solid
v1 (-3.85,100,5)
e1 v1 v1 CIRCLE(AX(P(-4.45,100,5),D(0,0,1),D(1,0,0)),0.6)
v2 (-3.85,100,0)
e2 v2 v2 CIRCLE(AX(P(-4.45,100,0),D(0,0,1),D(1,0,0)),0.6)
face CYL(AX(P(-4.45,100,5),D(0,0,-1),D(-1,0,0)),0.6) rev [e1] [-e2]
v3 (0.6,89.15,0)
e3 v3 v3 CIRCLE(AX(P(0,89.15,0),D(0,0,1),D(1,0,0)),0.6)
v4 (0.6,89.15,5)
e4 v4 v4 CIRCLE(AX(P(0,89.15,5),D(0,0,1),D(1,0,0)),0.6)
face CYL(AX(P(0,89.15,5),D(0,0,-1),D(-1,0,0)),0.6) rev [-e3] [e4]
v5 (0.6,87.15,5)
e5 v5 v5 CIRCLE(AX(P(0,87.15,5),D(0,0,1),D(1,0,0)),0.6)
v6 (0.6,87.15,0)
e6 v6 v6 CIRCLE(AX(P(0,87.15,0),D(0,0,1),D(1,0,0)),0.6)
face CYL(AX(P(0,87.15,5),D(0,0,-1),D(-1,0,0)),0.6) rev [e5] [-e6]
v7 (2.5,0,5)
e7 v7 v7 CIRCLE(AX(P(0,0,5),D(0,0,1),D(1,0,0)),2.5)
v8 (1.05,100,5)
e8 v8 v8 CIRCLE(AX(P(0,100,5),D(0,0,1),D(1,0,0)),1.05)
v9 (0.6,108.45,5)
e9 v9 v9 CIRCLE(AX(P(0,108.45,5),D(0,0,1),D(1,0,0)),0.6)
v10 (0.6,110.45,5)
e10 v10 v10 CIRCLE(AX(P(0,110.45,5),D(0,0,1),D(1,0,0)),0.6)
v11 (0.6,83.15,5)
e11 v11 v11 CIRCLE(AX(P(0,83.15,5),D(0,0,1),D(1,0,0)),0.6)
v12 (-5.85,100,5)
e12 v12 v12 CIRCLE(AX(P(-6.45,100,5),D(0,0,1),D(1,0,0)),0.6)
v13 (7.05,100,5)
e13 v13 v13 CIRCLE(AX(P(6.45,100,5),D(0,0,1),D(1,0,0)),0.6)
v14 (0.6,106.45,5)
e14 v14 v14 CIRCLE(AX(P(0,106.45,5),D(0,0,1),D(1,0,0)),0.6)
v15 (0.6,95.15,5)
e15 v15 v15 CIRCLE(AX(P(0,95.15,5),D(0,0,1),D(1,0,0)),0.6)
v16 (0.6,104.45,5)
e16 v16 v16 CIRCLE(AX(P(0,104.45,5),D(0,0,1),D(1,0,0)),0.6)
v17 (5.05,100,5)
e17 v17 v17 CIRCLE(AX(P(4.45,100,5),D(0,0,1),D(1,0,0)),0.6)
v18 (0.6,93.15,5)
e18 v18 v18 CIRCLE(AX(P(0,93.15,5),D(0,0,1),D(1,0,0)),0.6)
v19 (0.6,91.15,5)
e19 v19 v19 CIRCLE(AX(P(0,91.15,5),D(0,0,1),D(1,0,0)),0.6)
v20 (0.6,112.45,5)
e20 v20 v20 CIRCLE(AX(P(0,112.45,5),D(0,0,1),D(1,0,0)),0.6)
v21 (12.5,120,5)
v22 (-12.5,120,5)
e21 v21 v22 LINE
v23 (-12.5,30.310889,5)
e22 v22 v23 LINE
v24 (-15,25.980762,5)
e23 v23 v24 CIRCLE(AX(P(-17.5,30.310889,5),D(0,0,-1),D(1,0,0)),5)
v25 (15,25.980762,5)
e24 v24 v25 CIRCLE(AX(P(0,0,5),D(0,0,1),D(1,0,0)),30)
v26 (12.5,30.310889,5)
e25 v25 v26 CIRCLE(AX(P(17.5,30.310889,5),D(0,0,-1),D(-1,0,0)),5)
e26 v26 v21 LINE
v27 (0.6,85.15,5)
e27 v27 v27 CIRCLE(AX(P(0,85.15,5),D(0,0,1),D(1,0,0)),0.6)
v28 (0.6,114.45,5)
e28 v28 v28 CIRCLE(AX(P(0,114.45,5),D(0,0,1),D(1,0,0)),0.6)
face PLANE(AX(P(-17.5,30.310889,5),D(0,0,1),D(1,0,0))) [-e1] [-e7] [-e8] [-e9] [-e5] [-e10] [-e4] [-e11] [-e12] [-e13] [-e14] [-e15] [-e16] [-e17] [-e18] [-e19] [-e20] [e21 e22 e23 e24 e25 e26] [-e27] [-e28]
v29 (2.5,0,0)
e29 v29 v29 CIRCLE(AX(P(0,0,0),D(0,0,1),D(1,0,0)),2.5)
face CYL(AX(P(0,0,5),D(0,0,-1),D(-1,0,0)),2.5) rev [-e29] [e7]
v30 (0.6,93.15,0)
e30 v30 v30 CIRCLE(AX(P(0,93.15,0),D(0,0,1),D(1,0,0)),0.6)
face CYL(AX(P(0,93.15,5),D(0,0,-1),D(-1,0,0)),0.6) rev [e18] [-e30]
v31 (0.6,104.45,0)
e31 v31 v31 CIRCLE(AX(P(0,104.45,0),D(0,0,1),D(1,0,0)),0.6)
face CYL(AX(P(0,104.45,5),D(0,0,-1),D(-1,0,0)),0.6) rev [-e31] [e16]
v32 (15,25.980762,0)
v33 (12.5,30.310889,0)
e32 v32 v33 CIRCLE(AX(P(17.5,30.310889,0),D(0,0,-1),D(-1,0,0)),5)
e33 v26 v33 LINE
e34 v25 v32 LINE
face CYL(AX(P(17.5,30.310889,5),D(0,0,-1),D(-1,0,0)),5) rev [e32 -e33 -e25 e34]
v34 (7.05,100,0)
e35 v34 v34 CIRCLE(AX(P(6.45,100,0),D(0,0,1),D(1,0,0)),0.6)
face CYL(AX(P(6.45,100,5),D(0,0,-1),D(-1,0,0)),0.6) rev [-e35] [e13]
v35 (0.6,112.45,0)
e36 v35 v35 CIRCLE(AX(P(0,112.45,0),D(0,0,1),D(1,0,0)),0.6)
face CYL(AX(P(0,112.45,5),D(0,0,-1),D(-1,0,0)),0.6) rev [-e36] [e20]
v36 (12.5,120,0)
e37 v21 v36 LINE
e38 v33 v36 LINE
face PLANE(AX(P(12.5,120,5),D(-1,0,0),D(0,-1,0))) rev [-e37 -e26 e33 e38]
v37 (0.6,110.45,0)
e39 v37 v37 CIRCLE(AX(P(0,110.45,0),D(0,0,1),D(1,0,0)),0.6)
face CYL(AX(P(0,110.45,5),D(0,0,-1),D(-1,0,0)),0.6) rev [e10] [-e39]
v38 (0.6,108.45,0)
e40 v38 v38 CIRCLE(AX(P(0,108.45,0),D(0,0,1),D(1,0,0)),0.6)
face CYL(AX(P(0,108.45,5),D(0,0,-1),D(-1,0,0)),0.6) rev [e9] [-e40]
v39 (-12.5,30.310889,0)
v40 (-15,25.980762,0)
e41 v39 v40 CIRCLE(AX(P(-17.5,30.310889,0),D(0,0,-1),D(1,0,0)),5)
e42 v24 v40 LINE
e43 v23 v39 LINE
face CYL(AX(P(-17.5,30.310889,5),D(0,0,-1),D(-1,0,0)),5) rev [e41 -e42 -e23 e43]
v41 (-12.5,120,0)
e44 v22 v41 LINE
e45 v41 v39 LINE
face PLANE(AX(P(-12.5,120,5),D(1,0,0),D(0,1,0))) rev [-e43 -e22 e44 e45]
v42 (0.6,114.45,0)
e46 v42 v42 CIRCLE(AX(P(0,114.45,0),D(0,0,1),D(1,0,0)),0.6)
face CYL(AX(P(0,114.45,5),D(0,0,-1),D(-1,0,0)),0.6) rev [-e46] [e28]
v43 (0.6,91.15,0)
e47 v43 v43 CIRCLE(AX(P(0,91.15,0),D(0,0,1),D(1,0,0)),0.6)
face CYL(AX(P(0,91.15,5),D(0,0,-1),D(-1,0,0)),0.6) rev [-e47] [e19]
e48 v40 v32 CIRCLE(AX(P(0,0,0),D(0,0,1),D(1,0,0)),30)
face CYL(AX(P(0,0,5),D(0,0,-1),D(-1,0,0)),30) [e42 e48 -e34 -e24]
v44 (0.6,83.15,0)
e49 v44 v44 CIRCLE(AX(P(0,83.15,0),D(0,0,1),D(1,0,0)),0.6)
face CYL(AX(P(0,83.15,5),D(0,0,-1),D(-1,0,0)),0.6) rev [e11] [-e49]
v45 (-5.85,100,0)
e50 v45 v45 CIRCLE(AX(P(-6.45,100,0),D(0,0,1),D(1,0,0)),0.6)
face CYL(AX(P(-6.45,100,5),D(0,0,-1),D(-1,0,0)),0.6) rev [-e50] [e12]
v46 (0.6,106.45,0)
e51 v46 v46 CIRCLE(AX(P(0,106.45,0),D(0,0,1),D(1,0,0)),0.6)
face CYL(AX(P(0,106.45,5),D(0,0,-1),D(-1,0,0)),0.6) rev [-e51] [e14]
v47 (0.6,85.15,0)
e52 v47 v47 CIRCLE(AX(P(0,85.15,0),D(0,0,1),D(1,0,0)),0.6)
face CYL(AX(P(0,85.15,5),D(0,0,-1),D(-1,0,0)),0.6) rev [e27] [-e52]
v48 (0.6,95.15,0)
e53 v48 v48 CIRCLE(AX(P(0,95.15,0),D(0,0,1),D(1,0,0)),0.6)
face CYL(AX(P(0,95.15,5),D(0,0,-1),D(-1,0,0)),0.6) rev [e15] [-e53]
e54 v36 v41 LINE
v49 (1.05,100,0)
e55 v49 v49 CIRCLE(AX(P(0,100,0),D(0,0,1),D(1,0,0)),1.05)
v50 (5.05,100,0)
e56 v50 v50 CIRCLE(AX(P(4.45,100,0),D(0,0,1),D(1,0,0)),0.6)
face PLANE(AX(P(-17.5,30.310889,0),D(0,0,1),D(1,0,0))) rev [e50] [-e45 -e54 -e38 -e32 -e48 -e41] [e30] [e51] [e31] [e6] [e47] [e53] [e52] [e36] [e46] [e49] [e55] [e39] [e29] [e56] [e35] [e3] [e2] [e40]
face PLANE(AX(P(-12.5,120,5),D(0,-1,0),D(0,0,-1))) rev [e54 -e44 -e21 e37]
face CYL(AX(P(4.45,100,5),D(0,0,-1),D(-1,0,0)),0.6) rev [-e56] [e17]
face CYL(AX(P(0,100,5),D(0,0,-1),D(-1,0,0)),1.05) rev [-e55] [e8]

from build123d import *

# Parameters (mm, degrees)
SKETCH1_R           = 1.05
SKETCH1_R_2         = 0.6
SKETCH1_R_3         = 2.5
BOSS_EXTRUDE1_DEPTH = 5


with BuildPart() as part:
    # Sketch1 → Boss-Extrude1 (new body)
    with BuildSketch(Plane.XY):
        with BuildLine():
            Line((-12.5, 120), (12.5, 120))
            Line((12.5, 120), (12.5, 30.310889132))
            ThreePointArc((12.5, 30.310889132), (13.169872981, 27.810889132), (15, 25.980762114))
            ThreePointArc((15, 25.980762114), (0, -30), (-15, 25.980762114))
            ThreePointArc((-15, 25.980762114), (-13.169872981, 27.810889132), (-12.5, 30.310889132))
            Line((-12.5, 30.310889132), (-12.5, 120))
        make_face()
        with Locations((0, 100)):
            Circle(SKETCH1_R, mode=Mode.SUBTRACT)
        with Locations((0, 95.15)):
            Circle(SKETCH1_R_2, mode=Mode.SUBTRACT)
        with Locations((0, 93.15)):
            Circle(SKETCH1_R_2, mode=Mode.SUBTRACT)
        with Locations((0, 91.15)):
            Circle(SKETCH1_R_2, mode=Mode.SUBTRACT)
        with Locations((0, 89.15)):
            Circle(SKETCH1_R_2, mode=Mode.SUBTRACT)
        with Locations((0, 87.15)):
            Circle(SKETCH1_R_2, mode=Mode.SUBTRACT)
        with Locations((0, 85.15)):
            Circle(SKETCH1_R_2, mode=Mode.SUBTRACT)
        with Locations((0, 83.15)):
            Circle(SKETCH1_R_2, mode=Mode.SUBTRACT)
        with Locations((6.45, 100)):
            Circle(SKETCH1_R_2, mode=Mode.SUBTRACT)
        with Locations((4.45, 100)):
            Circle(SKETCH1_R_2, mode=Mode.SUBTRACT)
        with Locations((-4.45, 100)):
            Circle(SKETCH1_R_2, mode=Mode.SUBTRACT)
        with Locations((-6.45, 100)):
            Circle(SKETCH1_R_2, mode=Mode.SUBTRACT)
        with Locations((0, 104.45)):
            Circle(SKETCH1_R_2, mode=Mode.SUBTRACT)
        with Locations((0, 106.45)):
            Circle(SKETCH1_R_2, mode=Mode.SUBTRACT)
        with Locations((0, 108.45)):
            Circle(SKETCH1_R_2, mode=Mode.SUBTRACT)
        with Locations((0, 110.45)):
            Circle(SKETCH1_R_2, mode=Mode.SUBTRACT)
        with Locations((0, 112.45)):
            Circle(SKETCH1_R_2, mode=Mode.SUBTRACT)
        with Locations((0, 114.45)):
            Circle(SKETCH1_R_2, mode=Mode.SUBTRACT)
        Circle(SKETCH1_R_3, mode=Mode.SUBTRACT)
    extrude(amount=BOSS_EXTRUDE1_DEPTH)


solid = part.part
